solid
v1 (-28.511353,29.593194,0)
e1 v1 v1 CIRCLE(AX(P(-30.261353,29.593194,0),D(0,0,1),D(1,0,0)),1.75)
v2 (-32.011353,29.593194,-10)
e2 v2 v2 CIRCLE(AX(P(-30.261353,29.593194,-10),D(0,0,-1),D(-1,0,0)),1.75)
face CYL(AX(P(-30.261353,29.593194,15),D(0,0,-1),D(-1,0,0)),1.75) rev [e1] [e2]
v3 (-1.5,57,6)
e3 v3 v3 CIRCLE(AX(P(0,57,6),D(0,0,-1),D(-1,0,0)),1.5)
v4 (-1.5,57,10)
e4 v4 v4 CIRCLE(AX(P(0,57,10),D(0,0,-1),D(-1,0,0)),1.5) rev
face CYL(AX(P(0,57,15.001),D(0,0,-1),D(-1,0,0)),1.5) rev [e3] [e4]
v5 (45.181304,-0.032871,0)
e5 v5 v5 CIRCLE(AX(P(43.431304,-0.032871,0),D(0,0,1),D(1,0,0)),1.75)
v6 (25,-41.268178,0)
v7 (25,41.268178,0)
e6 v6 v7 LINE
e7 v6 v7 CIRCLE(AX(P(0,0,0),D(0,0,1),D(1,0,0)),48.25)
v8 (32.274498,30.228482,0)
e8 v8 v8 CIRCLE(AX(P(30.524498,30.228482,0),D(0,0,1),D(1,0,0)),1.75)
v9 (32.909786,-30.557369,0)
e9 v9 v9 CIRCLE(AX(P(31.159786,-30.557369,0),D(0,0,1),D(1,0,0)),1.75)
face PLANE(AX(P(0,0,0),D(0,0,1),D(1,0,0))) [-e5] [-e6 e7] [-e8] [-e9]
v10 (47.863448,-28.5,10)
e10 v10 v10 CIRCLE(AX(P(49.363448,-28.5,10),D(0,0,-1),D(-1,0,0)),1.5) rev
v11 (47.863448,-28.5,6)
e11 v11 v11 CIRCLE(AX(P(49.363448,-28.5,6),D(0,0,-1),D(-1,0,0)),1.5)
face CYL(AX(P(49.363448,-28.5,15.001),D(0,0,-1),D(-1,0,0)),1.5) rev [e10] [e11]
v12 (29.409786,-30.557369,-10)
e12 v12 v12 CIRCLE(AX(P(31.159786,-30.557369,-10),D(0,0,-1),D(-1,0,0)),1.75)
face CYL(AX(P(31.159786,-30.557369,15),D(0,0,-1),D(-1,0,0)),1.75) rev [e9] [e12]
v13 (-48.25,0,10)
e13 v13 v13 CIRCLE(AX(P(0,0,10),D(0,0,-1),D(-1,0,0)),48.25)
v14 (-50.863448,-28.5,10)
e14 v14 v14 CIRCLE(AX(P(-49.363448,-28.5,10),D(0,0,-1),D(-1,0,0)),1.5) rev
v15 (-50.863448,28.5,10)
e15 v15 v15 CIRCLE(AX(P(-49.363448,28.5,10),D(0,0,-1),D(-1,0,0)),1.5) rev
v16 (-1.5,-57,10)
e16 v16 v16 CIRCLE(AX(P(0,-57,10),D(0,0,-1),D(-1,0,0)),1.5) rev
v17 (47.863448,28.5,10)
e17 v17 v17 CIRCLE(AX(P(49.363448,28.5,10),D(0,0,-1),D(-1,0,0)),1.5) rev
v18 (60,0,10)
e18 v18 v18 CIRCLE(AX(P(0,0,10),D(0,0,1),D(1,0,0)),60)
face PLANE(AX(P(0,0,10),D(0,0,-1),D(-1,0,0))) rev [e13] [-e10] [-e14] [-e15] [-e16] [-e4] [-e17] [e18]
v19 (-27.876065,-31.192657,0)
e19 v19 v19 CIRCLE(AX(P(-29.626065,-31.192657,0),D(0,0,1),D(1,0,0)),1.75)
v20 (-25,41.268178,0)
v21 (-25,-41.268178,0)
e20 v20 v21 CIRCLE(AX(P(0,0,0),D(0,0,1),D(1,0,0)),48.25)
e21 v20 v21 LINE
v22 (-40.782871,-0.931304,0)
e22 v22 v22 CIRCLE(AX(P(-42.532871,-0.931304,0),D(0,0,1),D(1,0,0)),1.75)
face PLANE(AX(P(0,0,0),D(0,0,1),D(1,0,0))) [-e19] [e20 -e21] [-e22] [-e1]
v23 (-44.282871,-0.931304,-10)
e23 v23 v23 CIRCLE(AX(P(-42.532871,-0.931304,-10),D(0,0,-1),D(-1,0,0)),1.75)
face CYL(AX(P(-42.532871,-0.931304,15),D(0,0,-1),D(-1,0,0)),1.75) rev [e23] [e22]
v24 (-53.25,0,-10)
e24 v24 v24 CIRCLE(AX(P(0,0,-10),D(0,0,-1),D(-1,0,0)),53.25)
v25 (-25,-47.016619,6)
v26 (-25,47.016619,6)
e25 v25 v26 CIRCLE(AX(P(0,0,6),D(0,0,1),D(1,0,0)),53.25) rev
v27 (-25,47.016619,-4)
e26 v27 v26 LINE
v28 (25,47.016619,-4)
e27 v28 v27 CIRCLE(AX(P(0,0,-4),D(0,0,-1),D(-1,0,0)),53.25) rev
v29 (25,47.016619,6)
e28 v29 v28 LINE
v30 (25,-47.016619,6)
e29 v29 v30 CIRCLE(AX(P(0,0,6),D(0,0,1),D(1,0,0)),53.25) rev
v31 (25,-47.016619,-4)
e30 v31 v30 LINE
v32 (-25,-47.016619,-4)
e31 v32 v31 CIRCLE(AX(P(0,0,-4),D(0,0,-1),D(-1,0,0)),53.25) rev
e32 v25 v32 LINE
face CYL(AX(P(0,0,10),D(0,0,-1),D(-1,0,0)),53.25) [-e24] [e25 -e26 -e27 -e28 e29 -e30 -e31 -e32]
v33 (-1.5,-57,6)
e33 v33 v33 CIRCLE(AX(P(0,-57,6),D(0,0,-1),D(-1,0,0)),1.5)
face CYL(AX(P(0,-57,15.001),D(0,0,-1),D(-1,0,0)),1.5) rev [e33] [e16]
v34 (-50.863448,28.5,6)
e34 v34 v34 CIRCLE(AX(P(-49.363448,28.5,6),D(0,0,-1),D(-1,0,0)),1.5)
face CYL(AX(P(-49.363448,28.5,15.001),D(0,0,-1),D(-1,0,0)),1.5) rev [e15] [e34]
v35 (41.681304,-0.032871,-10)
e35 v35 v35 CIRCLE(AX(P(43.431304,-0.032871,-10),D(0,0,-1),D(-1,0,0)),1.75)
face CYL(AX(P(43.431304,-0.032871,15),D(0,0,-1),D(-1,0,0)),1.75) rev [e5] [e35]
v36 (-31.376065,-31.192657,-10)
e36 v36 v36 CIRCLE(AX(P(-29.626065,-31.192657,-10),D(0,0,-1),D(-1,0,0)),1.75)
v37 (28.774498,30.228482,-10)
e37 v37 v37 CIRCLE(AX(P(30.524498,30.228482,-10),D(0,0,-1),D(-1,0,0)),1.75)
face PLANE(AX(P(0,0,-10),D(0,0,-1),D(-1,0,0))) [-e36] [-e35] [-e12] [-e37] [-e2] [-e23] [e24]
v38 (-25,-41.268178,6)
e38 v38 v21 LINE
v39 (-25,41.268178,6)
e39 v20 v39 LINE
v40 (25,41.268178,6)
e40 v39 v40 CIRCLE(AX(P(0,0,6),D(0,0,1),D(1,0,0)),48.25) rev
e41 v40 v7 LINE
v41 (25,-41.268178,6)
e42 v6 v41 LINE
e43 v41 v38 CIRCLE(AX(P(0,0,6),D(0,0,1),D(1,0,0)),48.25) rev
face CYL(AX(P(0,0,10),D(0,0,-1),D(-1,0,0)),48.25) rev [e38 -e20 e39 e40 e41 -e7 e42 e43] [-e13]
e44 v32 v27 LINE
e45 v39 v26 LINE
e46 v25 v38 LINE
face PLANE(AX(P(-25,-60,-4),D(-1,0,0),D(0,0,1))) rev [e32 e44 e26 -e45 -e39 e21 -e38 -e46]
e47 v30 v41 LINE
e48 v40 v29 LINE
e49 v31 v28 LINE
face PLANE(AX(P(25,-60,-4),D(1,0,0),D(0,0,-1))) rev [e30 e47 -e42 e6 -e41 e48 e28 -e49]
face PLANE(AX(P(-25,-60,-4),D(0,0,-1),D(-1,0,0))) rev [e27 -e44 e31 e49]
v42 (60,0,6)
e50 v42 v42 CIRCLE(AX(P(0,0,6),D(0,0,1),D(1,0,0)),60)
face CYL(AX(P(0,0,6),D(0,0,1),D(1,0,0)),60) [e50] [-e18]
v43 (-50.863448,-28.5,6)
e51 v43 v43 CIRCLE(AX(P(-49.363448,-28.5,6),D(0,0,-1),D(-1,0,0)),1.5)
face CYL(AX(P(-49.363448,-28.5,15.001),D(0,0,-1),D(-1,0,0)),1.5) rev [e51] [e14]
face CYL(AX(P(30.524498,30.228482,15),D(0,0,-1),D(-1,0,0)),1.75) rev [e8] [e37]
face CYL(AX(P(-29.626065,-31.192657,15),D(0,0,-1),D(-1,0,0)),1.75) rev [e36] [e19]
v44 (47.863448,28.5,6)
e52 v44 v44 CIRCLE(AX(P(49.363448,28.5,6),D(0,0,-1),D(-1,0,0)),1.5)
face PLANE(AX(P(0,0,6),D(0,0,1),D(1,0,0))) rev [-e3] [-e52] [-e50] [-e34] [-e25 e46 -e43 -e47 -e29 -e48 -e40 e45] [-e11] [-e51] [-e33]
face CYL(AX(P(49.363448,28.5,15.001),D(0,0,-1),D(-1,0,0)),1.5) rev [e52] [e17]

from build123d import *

# Parameters (mm, degrees)
SKETCH_1_R               = 1.75
EXTRUDE_1_DEPTH          = 15
EXTRUDE_1_2_DEPTH        = 15
EXTRUDE_1_3_DEPTH        = 15
EXTRUDE_1_4_DEPTH        = 15
EXTRUDE_1_5_DEPTH        = 15
EXTRUDE_1_6_DEPTH        = 15
EXTRUDE_1_7_DEPTH        = 15
EXTRUDE_1_8_DEPTH        = 15
SKETCH_2_R               = 48.25
EXTRUDE_2_DEPTH          = 5
EXTRUDE_START            = -15
SKETCH_3_R               = 53.25
SKETCH_3_R_2             = 48.25
EXTRUDE_1_9_DEPTH        = 15
SKETCH_4_R               = 60
SKETCH_4_R_2             = 48.25
EXTRUDE_3_DEPTH          = 4
CUT_EXTRUDE_1_REACH      = 87.563
SKETCH_6_R               = 1.5
CUT_EXTRUDE_3_DEPTH      = 94.407708461
CUT_EXTRUDE_3_DEPTH_BACK = 94.407708461
SKETCH_9_W               = 50
SKETCH_9_H               = 10
SKETCH_10_R              = 53.25
EXTRUDE_4_DEPTH          = 5
CUT_EXTRUDE_4_DEPTH      = 89.459030065
CUT_EXTRUDE_4_DEPTH_BACK = 89.459030065
SKETCH_11_R              = 1.75


with BuildPart() as part:
    # 草图1 → Extrude 1 (new body)
    with BuildSketch(Plane.XY):
        with Locations((43.431304103, -0.032870953)):
            Circle(SKETCH_1_R)
    extrude(amount=EXTRUDE_1_DEPTH)



with BuildPart() as body_2:
    # 草图1 → Extrude 1 2 (new body)
    with BuildSketch(Plane.XY):
        with Locations((31.159786222, -30.557369002)):
            Circle(SKETCH_1_R)
    extrude(amount=EXTRUDE_1_2_DEPTH)


with BuildPart() as body_3:
    # 草图1 → Extrude 1 3 (new body)
    with BuildSketch(Plane.XY):
        with Locations((0.89843315, -43.464175056)):
            Circle(SKETCH_1_R)
    extrude(amount=EXTRUDE_1_3_DEPTH)


with BuildPart() as body_4:
    # 草图1 → Extrude 1 4 (new body)
    with BuildSketch(Plane.XY):
        with Locations((-29.626064899, -31.192657175)):
            Circle(SKETCH_1_R)
    extrude(amount=EXTRUDE_1_4_DEPTH)


with BuildPart() as body_5:
    # 草图1 → Extrude 1 5 (new body)
    with BuildSketch(Plane.XY):
        with Locations((-42.532870953, -0.931304103)):
            Circle(SKETCH_1_R)
    extrude(amount=EXTRUDE_1_5_DEPTH)


with BuildPart() as body_6:
    # 草图1 → Extrude 1 6 (new body)
    with BuildSketch(Plane.XY):
        with Locations((-30.261353072, 29.593193946)):
            Circle(SKETCH_1_R)
    extrude(amount=EXTRUDE_1_6_DEPTH)


with BuildPart() as body_7:
    # 草图1 → Extrude 1 7 (new body)
    with BuildSketch(Plane.XY):
        with Locations((0, 42.5)):
            Circle(SKETCH_1_R)
    extrude(amount=EXTRUDE_1_7_DEPTH)


with BuildPart() as body_8:
    # 草图1 → Extrude 1 8 (new body)
    with BuildSketch(Plane.XY):
        with Locations((30.524498049, 30.228482119)):
            Circle(SKETCH_1_R)
    extrude(amount=EXTRUDE_1_8_DEPTH)


with BuildPart() as part_1:
    add(part.part)

    add(body_2.part)  # 凸台-拉伸2 merges body 2

    add(body_3.part)  # 凸台-拉伸2 merges body 3

    add(body_4.part)  # 凸台-拉伸2 merges body 4

    add(body_5.part)  # 凸台-拉伸2 merges body 5

    add(body_6.part)  # 凸台-拉伸2 merges body 6

    add(body_7.part)  # 凸台-拉伸2 merges body 7

    add(body_8.part)  # 凸台-拉伸2 merges body 8
    # 草图2 → 凸台-拉伸2 (add)
    with BuildSketch(Plane.XY):
        Circle(SKETCH_2_R)
    extrude(amount=-EXTRUDE_2_DEPTH)

    # 草图3 → Extrude 1 9 (add)
    with BuildSketch(Plane(origin=(0, 0, -5), x_dir=(-1, 0, 0), z_dir=(0, 0, -1)).offset(EXTRUDE_START)):
        Circle(SKETCH_3_R)
        Circle(SKETCH_3_R_2, mode=Mode.SUBTRACT)
    extrude(amount=EXTRUDE_1_9_DEPTH)

    # 草图4 → 凸台-拉伸3 (add)
    with BuildSketch(Plane.XY.offset(10)):
        Circle(SKETCH_4_R)
        with Locations(Location((0, 0, 0), (0, 0, 180))):
            Circle(SKETCH_4_R_2, mode=Mode.SUBTRACT)
    extrude(amount=-EXTRUDE_3_DEPTH)

    # 草图6 → 切除-拉伸1 (cut, up to next)
    with BuildSketch(Plane(origin=(0, 0, 6), x_dir=(-1, 0, 0), z_dir=(0, 0, -1)), mode=Mode.PRIVATE) as cut_extrude_1_sk1:
        with Locations((0, 57)):
            Circle(SKETCH_6_R)
    cut_extrude_1_tool1 = extrude(cut_extrude_1_sk1.sketch, amount=-CUT_EXTRUDE_1_REACH, mode=Mode.PRIVATE) & part_1.part
    # 草图6 → 切除-拉伸1 (cut, up to next)
    with BuildSketch(Plane(origin=(0, 0, 6), x_dir=(-1, 0, 0), z_dir=(0, 0, -1)), mode=Mode.PRIVATE) as cut_extrude_1_sk2:
        with Locations((49.363448016, 28.5)):
            Circle(SKETCH_6_R)
    cut_extrude_1_tool2 = extrude(cut_extrude_1_sk2.sketch, amount=-CUT_EXTRUDE_1_REACH, mode=Mode.PRIVATE) & part_1.part
    # 草图6 → 切除-拉伸1 (cut, up to next)
    with BuildSketch(Plane(origin=(0, 0, 6), x_dir=(-1, 0, 0), z_dir=(0, 0, -1)), mode=Mode.PRIVATE) as cut_extrude_1_sk3:
        with Locations((49.363448016, -28.5)):
            Circle(SKETCH_6_R)
    cut_extrude_1_tool3 = extrude(cut_extrude_1_sk3.sketch, amount=-CUT_EXTRUDE_1_REACH, mode=Mode.PRIVATE) & part_1.part
    # 草图6 → 切除-拉伸1 (cut, up to next)
    with BuildSketch(Plane(origin=(0, 0, 6), x_dir=(-1, 0, 0), z_dir=(0, 0, -1)), mode=Mode.PRIVATE) as cut_extrude_1_sk4:
        with Locations((0, -57)):
            Circle(SKETCH_6_R)
    cut_extrude_1_tool4 = extrude(cut_extrude_1_sk4.sketch, amount=-CUT_EXTRUDE_1_REACH, mode=Mode.PRIVATE) & part_1.part
    # 草图6 → 切除-拉伸1 (cut, up to next)
    with BuildSketch(Plane(origin=(0, 0, 6), x_dir=(-1, 0, 0), z_dir=(0, 0, -1)), mode=Mode.PRIVATE) as cut_extrude_1_sk5:
        with Locations((-49.363448016, -28.5)):
            Circle(SKETCH_6_R)
    cut_extrude_1_tool5 = extrude(cut_extrude_1_sk5.sketch, amount=-CUT_EXTRUDE_1_REACH, mode=Mode.PRIVATE) & part_1.part
    # 草图6 → 切除-拉伸1 (cut, up to next)
    with BuildSketch(Plane(origin=(0, 0, 6), x_dir=(-1, 0, 0), z_dir=(0, 0, -1)), mode=Mode.PRIVATE) as cut_extrude_1_sk6:
        with Locations((-49.363448016, 28.5)):
            Circle(SKETCH_6_R)
    cut_extrude_1_tool6 = extrude(cut_extrude_1_sk6.sketch, amount=-CUT_EXTRUDE_1_REACH, mode=Mode.PRIVATE) & part_1.part
    add(cut_extrude_1_tool1.solids().sort_by_distance((0, 57, 6))[0], mode=Mode.SUBTRACT)
    add(cut_extrude_1_tool2.solids().sort_by_distance((-49.363448, 28.5, 6))[0], mode=Mode.SUBTRACT)
    add(cut_extrude_1_tool3.solids().sort_by_distance((-49.363448, -28.5, 6))[0], mode=Mode.SUBTRACT)
    add(cut_extrude_1_tool4.solids().sort_by_distance((0, -57, 6))[0], mode=Mode.SUBTRACT)
    add(cut_extrude_1_tool5.solids().sort_by_distance((49.363448, -28.5, 6))[0], mode=Mode.SUBTRACT)
    add(cut_extrude_1_tool6.solids().sort_by_distance((49.363448, 28.5, 6))[0], mode=Mode.SUBTRACT)

    # 草图9 → 切除-拉伸3 (cut, two sides: drawn at the far end of the back side and taken through both)
    with BuildSketch(Plane(origin=(0, 10, 0), x_dir=(1, 0, 0), z_dir=(0, 1, 0)).offset(-CUT_EXTRUDE_3_DEPTH_BACK)):
        with Locations((0, -1)):
            Rectangle(SKETCH_9_W, SKETCH_9_H)
    extrude(amount=CUT_EXTRUDE_3_DEPTH + CUT_EXTRUDE_3_DEPTH_BACK, mode=Mode.SUBTRACT)


with BuildPart() as body_2_2:
    # of the pieces the cut leaves, the one that is kept (cut_extrude_3_keep)
    add(part_1.part.solids().sort_by_distance((-25, 41.268177813, 0))[0])

    # 草图10 → 凸台-拉伸4 (add)
    with BuildSketch(Plane(origin=(0, 0, -5), x_dir=(-1, 0, 0), z_dir=(0, 0, -1))):
        Circle(SKETCH_10_R)
    extrude(amount=EXTRUDE_4_DEPTH)

    # 草图11 → 切除-拉伸4 (cut, two sides: drawn at the far end of the back side and taken through both)
    with BuildSketch(Plane(origin=(0, 0, -10), x_dir=(-1, 0, 0), z_dir=(0, 0, -1)).offset(-CUT_EXTRUDE_4_DEPTH_BACK)):
        with Locations((30.261353072, 29.593193946)):
            Circle(SKETCH_11_R)
        with Locations((42.532870953, -0.931304103)):
            Circle(SKETCH_11_R)
        with Locations((29.626064899, -31.192657175)):
            Circle(SKETCH_11_R)
        with Locations((-31.159786222, -30.557369002)):
            Circle(SKETCH_11_R)
        with Locations((-43.431304103, -0.032870953)):
            Circle(SKETCH_11_R)
        with Locations((-30.524498049, 30.228482119)):
            Circle(SKETCH_11_R)
    extrude(amount=CUT_EXTRUDE_4_DEPTH + CUT_EXTRUDE_4_DEPTH_BACK, mode=Mode.SUBTRACT)


solid = body_2_2.part
